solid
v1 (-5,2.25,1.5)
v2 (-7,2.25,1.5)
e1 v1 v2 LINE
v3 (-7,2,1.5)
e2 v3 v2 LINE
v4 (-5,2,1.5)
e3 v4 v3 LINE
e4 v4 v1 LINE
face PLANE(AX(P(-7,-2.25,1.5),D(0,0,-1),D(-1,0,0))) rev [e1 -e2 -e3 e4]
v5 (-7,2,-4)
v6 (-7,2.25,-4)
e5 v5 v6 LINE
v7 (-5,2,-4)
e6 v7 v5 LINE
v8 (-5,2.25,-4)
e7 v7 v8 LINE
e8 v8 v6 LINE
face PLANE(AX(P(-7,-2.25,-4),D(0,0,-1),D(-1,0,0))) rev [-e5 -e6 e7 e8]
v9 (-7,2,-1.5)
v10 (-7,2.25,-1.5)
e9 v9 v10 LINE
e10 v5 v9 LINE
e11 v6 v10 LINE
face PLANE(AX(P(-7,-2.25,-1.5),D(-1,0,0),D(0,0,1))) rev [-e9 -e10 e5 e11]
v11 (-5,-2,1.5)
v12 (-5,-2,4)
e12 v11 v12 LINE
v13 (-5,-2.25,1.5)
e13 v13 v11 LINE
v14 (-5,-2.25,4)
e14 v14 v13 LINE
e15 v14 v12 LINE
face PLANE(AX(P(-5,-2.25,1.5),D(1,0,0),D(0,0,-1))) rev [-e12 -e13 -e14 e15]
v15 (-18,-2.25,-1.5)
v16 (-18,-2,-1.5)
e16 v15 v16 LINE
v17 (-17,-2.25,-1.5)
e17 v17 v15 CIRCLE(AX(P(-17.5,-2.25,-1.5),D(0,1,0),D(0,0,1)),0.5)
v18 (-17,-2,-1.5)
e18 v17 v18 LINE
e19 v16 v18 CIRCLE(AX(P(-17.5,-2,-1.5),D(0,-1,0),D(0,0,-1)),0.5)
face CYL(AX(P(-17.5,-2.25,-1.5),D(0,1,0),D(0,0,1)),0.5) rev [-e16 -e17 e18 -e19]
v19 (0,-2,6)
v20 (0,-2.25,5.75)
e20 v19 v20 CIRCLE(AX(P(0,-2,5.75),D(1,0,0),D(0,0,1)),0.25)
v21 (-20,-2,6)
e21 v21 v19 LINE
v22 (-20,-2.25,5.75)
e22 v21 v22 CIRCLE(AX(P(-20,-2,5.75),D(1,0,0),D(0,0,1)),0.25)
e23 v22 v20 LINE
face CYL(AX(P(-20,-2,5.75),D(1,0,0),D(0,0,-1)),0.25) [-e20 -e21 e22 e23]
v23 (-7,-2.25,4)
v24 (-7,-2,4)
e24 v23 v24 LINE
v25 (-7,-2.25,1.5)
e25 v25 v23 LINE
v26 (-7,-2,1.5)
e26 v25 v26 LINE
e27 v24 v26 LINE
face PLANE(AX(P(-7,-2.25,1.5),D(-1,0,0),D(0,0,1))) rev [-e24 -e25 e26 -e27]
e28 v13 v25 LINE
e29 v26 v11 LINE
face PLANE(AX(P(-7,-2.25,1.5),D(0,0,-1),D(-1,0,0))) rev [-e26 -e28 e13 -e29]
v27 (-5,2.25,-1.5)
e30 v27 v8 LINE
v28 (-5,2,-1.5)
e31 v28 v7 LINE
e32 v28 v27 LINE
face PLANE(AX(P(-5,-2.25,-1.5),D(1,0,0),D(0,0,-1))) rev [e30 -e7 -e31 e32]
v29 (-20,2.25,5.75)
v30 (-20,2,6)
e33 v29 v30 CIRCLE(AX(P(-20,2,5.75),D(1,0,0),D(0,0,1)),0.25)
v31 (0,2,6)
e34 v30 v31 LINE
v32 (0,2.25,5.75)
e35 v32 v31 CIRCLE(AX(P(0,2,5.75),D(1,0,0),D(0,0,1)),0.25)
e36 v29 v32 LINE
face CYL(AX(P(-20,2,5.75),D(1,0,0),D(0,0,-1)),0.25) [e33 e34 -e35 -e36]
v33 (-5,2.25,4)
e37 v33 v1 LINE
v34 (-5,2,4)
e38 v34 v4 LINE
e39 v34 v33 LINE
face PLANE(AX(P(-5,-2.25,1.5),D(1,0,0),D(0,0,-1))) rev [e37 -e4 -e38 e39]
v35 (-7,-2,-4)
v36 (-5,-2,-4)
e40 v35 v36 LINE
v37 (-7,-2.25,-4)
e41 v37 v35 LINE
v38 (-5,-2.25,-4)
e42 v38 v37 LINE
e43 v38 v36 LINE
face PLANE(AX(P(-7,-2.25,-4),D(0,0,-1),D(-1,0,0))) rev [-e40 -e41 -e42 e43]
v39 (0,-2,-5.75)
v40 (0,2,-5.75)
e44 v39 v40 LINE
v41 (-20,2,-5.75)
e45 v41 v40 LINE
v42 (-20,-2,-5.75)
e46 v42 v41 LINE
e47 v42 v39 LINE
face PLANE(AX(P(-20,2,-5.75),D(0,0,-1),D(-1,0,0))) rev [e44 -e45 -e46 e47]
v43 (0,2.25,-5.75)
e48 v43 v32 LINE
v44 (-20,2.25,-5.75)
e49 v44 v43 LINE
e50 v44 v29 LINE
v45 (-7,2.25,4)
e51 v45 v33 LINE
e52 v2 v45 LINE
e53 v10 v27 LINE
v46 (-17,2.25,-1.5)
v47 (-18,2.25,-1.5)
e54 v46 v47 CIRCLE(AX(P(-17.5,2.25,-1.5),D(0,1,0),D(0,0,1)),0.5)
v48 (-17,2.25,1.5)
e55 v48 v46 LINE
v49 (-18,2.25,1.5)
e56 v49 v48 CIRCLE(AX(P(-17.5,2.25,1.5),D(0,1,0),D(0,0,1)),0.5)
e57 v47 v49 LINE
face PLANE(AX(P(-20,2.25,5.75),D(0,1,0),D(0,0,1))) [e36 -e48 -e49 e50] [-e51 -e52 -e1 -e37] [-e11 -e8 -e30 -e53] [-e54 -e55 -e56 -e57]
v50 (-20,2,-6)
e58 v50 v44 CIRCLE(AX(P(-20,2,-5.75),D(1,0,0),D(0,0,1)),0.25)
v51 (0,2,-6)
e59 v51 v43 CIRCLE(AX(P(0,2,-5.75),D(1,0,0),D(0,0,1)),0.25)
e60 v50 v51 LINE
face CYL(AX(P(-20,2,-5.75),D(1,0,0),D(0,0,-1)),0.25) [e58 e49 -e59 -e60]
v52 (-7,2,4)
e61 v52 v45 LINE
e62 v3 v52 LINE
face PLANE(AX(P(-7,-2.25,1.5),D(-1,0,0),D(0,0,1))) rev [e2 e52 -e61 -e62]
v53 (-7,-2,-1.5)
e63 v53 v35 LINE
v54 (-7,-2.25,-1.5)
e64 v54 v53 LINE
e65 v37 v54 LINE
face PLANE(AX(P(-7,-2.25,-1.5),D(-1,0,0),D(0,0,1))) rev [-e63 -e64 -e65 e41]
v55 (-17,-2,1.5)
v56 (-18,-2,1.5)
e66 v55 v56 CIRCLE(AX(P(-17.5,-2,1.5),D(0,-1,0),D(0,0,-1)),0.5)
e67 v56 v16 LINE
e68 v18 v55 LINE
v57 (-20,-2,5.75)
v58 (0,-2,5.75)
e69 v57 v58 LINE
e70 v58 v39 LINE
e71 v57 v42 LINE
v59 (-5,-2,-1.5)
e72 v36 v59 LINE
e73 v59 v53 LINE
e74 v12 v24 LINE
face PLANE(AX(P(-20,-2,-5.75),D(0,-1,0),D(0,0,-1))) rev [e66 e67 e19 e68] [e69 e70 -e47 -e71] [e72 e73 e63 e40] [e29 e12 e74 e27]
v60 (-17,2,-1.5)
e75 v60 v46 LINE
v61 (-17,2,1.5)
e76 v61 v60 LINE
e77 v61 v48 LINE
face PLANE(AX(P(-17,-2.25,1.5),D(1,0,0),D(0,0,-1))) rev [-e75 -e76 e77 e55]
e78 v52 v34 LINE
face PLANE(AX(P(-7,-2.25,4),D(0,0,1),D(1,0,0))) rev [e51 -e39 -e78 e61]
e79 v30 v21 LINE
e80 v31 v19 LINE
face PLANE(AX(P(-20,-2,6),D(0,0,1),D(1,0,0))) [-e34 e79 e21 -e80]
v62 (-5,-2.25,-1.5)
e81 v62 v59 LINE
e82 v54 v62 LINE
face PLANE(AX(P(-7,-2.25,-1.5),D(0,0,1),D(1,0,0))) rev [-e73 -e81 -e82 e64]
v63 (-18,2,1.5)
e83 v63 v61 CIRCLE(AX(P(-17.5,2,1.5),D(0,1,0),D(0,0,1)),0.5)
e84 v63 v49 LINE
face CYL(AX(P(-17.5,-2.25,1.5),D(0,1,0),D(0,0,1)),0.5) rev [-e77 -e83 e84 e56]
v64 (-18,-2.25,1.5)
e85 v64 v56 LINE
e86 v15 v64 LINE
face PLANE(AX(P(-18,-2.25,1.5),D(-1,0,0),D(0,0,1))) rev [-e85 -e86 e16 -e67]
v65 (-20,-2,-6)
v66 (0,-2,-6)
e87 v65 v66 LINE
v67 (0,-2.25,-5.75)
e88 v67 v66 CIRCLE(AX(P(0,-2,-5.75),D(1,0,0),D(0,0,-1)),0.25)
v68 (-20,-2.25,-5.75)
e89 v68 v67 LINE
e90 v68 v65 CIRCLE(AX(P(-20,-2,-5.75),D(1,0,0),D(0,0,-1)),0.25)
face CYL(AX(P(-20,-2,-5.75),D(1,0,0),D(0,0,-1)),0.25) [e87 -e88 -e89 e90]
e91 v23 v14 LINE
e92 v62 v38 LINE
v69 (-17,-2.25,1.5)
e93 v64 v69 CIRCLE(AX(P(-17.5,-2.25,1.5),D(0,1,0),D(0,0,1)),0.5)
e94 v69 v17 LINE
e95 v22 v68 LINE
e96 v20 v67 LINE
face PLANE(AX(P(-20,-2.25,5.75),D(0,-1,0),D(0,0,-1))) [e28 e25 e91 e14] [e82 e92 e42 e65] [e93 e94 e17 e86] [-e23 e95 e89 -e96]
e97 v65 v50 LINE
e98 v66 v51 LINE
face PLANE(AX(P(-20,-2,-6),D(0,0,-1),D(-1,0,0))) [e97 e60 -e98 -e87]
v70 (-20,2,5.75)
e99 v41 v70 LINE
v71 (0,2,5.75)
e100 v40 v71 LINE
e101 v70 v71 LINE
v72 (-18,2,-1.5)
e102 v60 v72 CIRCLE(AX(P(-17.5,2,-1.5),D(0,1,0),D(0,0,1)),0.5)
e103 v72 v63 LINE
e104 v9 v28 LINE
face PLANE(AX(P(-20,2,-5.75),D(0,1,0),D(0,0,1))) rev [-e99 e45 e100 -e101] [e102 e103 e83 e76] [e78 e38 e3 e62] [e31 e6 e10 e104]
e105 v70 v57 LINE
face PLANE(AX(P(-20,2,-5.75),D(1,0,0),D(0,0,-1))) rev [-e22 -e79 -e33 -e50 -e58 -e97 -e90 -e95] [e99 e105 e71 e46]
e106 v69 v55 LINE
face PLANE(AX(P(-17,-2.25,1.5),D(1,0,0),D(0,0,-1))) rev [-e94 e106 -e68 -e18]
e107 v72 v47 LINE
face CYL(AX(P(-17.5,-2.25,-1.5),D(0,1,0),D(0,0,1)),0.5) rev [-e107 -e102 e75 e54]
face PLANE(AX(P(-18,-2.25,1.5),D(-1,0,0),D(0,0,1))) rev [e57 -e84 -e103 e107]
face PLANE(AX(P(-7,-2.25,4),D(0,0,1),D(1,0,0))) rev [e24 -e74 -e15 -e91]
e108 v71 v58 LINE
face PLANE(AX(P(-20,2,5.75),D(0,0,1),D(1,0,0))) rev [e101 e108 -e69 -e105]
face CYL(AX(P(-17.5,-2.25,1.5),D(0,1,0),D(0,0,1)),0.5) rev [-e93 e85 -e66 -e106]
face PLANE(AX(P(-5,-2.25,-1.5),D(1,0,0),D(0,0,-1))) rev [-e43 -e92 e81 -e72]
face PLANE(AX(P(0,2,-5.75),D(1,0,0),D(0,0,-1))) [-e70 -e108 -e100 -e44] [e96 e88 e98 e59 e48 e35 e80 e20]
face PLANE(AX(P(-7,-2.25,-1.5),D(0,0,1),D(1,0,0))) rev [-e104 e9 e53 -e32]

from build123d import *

# Parameters (mm, degrees)
MAIN_SHELL_SKETCH_W     = 11.5
MAIN_SHELL_SKETCH_H     = 4
MAIN_SHELL_DEPTH        = 20
CONNECTOR_HOLE_SKETCH_W = 2
CONNECTOR_HOLE_SKETCH_H = 2.5
CONNECTOR_HOLES_DEPTH   = 5.5


with BuildPart() as part:
    # Main_shell_sketch → Main_shell (new body)
    with BuildSketch(Plane(origin=(0, 0, 0), x_dir=(0, 0, -1), z_dir=(1, 0, 0))):
        with BuildLine():
            Line((-6, 2), (-6, -2))
            ThreePointArc((-6, -2), (-5.926776695, -2.176776695), (-5.75, -2.25))
            Line((-5.75, -2.25), (5.75, -2.25))
            ThreePointArc((5.75, -2.25), (5.926776695, -2.176776695), (6, -2))
            Line((6, -2), (6, 2))
            ThreePointArc((6, 2), (5.926776695, 2.176776695), (5.75, 2.25))
            Line((5.75, 2.25), (-5.75, 2.25))
            ThreePointArc((-5.75, 2.25), (-5.926776695, 2.176776695), (-6, 2))
        make_face()
        Rectangle(MAIN_SHELL_SKETCH_W, MAIN_SHELL_SKETCH_H, mode=Mode.SUBTRACT)
    extrude(amount=-MAIN_SHELL_DEPTH)

    # Connector_hole_sketch → Connector_holes (cut, through all)
    with BuildSketch(Plane(origin=(0, 2.25, 0), x_dir=(1, 0, 0), z_dir=(0, 1, 0))):
        with Locations((-6, 2.75)):
            Rectangle(CONNECTOR_HOLE_SKETCH_W, CONNECTOR_HOLE_SKETCH_H)
        with Locations((-6, -2.75)):
            Rectangle(CONNECTOR_HOLE_SKETCH_W, CONNECTOR_HOLE_SKETCH_H)
        with BuildLine():
            Line((-18, -1.5), (-18, 1.5))
            ThreePointArc((-18, 1.5), (-17.5, 2), (-17, 1.5))
            Line((-17, 1.5), (-17, -1.5))
            ThreePointArc((-17, -1.5), (-17.5, -2), (-18, -1.5))
        make_face()
    extrude(amount=-CONNECTOR_HOLES_DEPTH, mode=Mode.SUBTRACT)


solid = part.part
